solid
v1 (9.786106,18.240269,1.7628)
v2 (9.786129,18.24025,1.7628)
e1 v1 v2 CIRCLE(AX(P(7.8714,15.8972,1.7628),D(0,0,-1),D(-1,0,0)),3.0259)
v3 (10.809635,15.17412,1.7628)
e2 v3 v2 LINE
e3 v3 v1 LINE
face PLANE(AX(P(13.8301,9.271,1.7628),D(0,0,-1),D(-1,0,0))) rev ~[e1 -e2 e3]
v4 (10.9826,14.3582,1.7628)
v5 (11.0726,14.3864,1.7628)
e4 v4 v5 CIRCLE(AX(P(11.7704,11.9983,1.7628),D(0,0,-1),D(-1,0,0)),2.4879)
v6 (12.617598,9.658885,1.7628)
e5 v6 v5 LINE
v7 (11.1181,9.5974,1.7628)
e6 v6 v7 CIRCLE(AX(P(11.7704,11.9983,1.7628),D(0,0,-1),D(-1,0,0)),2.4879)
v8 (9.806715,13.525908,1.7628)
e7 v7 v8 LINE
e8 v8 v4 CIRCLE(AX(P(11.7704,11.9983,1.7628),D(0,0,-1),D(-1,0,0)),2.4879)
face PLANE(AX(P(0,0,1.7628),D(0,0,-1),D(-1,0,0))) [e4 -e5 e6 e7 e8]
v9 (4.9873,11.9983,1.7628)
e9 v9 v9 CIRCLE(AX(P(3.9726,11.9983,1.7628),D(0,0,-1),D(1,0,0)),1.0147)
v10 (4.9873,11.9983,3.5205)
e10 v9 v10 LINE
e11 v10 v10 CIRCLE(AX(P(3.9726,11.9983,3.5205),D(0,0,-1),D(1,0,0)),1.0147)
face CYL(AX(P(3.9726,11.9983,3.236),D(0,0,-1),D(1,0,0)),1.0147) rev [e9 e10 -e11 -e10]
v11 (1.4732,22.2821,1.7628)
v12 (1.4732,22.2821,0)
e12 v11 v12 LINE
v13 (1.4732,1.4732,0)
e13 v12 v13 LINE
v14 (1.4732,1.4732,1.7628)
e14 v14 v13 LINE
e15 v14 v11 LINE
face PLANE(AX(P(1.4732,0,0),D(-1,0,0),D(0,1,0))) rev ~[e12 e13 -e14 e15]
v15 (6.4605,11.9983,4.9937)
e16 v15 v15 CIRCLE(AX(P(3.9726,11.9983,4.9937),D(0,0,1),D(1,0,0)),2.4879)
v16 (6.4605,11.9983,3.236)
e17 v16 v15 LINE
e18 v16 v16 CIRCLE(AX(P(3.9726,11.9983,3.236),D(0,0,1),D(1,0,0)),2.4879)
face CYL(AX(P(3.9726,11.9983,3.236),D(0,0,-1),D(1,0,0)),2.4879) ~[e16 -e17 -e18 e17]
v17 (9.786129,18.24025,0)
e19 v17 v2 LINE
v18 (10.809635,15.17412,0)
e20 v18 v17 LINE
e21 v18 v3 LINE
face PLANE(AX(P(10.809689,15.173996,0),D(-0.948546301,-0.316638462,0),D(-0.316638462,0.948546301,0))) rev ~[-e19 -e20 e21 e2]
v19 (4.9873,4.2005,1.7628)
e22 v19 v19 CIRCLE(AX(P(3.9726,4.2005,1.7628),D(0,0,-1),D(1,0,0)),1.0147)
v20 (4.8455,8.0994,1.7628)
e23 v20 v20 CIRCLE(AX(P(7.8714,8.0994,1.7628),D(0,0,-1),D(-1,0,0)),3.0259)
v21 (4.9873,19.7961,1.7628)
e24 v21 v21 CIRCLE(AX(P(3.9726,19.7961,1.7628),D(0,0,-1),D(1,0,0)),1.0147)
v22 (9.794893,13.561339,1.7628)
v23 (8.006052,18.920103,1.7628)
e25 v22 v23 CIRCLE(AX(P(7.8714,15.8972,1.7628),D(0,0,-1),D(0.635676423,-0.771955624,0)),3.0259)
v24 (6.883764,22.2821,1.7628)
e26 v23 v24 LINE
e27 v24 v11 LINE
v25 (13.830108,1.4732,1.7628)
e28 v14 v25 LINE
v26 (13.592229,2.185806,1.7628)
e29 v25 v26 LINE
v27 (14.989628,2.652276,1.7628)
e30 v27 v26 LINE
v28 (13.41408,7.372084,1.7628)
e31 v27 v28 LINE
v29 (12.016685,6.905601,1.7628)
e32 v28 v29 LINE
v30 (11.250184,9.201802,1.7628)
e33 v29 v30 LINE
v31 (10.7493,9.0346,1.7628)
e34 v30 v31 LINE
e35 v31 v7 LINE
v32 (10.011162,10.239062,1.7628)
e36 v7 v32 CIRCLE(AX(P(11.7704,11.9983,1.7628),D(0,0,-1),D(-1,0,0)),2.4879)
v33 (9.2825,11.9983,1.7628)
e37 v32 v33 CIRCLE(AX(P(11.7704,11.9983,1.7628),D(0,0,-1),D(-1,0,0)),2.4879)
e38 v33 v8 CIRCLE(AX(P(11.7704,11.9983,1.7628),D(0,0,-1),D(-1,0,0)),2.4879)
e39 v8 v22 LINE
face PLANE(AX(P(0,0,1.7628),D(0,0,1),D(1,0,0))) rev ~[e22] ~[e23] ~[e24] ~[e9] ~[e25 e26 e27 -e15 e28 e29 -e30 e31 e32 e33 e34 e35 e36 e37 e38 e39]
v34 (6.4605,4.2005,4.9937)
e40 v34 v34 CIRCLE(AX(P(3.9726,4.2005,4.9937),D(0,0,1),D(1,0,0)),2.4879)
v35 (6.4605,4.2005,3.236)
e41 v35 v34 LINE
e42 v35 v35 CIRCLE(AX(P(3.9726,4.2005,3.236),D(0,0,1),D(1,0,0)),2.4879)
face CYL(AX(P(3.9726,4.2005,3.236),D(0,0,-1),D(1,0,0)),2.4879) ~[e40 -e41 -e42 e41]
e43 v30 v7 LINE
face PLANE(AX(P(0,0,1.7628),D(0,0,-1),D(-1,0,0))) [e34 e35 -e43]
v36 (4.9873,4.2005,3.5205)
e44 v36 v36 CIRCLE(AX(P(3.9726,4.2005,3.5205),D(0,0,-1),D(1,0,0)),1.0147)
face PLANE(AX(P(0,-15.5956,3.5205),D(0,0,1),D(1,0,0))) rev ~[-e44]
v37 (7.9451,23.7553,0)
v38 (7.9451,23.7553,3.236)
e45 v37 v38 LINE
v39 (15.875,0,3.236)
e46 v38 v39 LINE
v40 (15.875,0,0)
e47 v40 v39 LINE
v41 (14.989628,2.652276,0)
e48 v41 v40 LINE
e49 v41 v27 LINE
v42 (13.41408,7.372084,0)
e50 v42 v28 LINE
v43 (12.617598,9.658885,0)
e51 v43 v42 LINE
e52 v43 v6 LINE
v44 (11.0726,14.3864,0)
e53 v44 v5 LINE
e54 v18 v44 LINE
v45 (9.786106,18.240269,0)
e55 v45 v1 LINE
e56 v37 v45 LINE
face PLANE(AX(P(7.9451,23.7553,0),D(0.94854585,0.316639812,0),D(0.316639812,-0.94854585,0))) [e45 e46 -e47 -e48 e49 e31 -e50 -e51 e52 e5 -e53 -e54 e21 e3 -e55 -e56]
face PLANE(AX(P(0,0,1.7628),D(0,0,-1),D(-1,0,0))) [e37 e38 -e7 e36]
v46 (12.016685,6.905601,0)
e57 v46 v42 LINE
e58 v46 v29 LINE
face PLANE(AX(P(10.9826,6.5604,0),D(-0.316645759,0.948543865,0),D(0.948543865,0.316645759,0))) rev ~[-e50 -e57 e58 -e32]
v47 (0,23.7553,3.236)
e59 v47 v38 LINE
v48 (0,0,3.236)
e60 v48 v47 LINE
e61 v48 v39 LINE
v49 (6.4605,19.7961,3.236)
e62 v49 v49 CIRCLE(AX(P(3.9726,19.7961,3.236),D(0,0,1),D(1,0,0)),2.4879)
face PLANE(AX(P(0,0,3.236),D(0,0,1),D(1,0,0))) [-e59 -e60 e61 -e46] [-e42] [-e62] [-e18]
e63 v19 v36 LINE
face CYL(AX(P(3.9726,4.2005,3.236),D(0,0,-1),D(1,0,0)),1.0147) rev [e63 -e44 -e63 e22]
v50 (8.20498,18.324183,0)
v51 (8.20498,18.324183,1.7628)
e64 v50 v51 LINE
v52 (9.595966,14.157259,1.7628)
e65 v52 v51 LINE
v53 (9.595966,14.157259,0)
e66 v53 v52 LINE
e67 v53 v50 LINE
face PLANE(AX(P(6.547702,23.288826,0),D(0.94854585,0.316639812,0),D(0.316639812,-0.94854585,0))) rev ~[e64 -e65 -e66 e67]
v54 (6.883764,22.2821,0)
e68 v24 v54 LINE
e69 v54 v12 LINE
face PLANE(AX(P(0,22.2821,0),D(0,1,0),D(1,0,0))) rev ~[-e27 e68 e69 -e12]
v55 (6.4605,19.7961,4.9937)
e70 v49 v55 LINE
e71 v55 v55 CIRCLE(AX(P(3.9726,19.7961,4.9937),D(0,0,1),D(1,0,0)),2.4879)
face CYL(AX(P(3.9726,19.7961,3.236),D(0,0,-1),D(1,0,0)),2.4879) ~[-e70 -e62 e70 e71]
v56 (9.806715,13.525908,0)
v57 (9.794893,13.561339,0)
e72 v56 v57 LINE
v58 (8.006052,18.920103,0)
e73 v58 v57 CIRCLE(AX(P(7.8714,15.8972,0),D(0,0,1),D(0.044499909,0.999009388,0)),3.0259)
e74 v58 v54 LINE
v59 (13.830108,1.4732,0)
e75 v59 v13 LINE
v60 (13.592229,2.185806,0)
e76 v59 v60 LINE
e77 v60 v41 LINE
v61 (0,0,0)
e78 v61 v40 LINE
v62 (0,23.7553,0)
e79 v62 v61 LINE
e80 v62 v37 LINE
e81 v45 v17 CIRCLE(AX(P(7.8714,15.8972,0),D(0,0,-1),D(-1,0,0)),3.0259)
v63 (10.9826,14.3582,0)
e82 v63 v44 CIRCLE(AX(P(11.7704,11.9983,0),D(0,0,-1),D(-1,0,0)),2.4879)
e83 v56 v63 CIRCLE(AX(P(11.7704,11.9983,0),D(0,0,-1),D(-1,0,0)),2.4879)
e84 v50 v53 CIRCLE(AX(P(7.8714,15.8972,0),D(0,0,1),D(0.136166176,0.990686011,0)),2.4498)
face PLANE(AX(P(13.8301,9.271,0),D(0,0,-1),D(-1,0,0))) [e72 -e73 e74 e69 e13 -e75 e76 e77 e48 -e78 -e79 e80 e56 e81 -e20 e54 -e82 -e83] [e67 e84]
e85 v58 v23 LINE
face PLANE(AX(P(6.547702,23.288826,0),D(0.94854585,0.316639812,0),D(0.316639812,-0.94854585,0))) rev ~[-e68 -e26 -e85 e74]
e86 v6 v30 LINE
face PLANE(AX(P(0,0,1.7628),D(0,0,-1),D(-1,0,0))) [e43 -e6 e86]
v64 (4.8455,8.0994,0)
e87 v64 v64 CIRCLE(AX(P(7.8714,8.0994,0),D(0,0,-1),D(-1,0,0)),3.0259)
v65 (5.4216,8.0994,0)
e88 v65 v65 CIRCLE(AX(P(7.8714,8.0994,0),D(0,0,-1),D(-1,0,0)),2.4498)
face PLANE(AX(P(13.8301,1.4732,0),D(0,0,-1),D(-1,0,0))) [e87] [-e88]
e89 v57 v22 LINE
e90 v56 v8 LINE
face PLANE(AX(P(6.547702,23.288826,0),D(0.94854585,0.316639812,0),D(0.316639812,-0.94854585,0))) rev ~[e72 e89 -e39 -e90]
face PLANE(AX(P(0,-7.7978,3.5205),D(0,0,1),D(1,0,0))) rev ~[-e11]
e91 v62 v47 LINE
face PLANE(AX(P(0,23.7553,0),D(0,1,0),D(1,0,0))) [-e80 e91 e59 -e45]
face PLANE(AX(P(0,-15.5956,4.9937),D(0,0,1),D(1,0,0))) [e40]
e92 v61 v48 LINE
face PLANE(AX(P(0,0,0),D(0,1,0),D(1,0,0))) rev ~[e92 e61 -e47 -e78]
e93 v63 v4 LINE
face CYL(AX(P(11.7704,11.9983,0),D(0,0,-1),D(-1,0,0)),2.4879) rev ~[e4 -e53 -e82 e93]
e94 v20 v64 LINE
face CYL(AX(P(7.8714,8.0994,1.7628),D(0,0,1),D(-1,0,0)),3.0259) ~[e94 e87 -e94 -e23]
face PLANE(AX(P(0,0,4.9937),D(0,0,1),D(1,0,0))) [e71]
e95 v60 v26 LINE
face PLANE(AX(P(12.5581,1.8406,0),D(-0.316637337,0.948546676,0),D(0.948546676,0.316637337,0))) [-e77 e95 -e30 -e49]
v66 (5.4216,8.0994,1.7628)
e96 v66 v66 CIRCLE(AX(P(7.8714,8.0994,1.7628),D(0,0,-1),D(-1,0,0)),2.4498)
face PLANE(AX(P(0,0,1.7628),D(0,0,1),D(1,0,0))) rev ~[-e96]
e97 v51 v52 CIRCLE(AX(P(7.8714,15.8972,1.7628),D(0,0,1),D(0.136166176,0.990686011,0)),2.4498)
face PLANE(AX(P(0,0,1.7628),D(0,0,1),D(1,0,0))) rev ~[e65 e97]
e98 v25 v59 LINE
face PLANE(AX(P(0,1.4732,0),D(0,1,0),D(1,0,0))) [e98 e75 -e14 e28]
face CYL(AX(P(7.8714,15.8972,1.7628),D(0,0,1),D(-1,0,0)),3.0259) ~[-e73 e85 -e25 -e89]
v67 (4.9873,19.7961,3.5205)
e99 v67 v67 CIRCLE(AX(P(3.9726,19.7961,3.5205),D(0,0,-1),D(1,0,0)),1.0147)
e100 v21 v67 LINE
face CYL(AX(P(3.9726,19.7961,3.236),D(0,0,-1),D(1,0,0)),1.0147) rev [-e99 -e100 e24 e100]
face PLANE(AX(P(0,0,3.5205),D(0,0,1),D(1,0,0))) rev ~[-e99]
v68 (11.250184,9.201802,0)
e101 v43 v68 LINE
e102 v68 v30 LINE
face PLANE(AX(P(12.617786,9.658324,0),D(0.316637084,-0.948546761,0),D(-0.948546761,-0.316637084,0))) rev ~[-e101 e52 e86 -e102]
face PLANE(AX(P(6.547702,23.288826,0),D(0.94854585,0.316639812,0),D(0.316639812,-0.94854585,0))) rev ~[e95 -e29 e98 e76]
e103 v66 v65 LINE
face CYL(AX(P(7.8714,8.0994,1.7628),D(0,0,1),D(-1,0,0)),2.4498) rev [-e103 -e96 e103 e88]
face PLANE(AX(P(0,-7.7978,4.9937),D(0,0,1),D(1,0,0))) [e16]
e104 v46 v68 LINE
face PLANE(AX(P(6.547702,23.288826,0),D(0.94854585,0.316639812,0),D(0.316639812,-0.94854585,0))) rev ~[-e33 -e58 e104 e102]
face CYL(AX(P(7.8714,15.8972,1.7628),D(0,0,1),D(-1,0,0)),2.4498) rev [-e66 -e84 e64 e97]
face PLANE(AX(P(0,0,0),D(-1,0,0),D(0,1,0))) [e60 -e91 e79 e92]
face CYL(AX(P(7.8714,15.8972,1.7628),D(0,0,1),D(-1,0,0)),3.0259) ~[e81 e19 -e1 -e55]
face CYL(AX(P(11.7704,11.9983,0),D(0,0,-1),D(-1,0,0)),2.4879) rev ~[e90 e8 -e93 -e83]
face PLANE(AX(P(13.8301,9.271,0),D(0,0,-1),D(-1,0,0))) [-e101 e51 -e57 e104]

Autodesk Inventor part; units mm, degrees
ref_plane "YZ Plane" through (0, 0, 0) normal (1, 0, 0) x (0, 1, 0)
ref_plane "XZ Plane" through (0, 0, 0) normal (0, 1, 0) x (-1, 0, 0)
ref_plane "XY Plane" through (0, 0, 0) normal (0, 0, 1) x (1, 0, 0)
sketch "Sketch1" plane through (0, 0, 0) normal (0, 0, 1) x (1, 0, 0)
  line L0 (0, 0) -> (0, 23.7553)
  line L1 (0, 0) -> (15.875, 0)
  line L2 (0, 23.7553) -> (7.9451, 23.7553)
  line L3 (7.9451, 23.7553) -> (15.875, 0)
  line L4 (7.9451, 23.7553) -> (31.7005, 23.7553) construction
  line L5 (0, 23.7553) -> (0, 15.8369)
  line L6 (0, 0) -> (0, 7.9184)
  dimension "d0" = 23.7553
  dimension "d1" = 15.875
  dimension "d2" = 7.9451
  dimension "d10" = 7.9185
extrude "Extrusion2" add sketch "Sketch1" along normal blind 3.236
sketch "Sketch3" plane through (0, 0, 3.236) normal (0, 0, 1) x (1, 0, 0)
  line L0 (15.875, 0) -> (7.9451, 23.7553) projected
  line L1 (0, 0) -> (15.875, 0) projected
  line L2 (7.9451, 23.7553) -> (7.9451, 0)
  line L3 (7.9451, 23.7553) -> (0, 23.7553) projected
  line L4 (0, 23.7553) -> (0, 15.8369)
  line L5 (0, 23.7553) -> (0, 0) projected
  line L6 (0, 15.8369) -> (0, 7.9184)
  circle A0 centre (3.9726, 19.7961) radius 2.4879
  dimension "d17" = 4.9759
extrude "Extrusion3" add sketch "Sketch3" along normal blind 1.7577 contours A0
pattern_linear "Rectangular Pattern2" count 3 spacing 7.7978 along (0, -1, 0) of "Extrusion3"
shell "Shell1" thickness 1.4732 removed faces 1 at (7.94, 7.9185, 0)
sketch "Sketch5" plane through (13.8301, 1.4732, 1.7628) normal (0, 0, -1) x (-1, 0, 0)
  circle A0 centre (5.9587, 6.6262) radius 2.4498
  circle A1 centre (5.9587, 6.6262) radius 3.0259
  circle A2 centre (9.8576, 2.7273) radius 2.4879 construction
  circle A3 centre (9.8576, 10.5251) radius 2.4879 construction
  line L0 (9.8576, 10.5251) -> (2.0598, 10.5251) construction
  line L1 (2.0598, 10.5251) -> (2.0598, 2.7273) construction
  line L2 (2.0598, 2.7273) -> (9.8576, 2.7273) construction
  line L3 (9.8576, 2.7273) -> (9.8576, 10.5251) construction
  line L4 (9.8576, 10.5251) -> (2.0598, 2.7273) construction
  point P0 (13.8301, -1.4732)
  dimension "d39" = 7.7978
  dimension "d40" = 7.7978
  dimension "d41" = 4.8997
extrude "Extrusion4" add sketch "Sketch5" along normal up to surface (1.7628 mm away)
pattern_linear "Rectangular Pattern3" count 2 spacing 7.7978 along (0, 1, 0) of "Extrusion4"
sketch "Sketch6" plane through (0, 0, 0) normal (0, 0, -1) x (-1, 0, 0)
  circle A0 centre (-3.9726, 4.2005) radius 2.4879 projected
  line L0 (-3.9726, 4.2005) -> (-11.7704, 4.2005) construction
  arc A1 (-12.5581, 1.8406) -> (-10.9826, 6.5604) centre (-11.7704, 4.2005) ccw
  circle A2 centre (-7.8715, 8.0994) radius 3.0259 projected
  line L1 (-10.9826, 6.5604) -> (-20.4448, 9.7191)
  line L2 (-12.5581, 1.8406) -> (-25.2023, 6.0614)
  line L3 (-25.2023, 6.0614) -> (-20.4448, 9.7191)
  line L4 (-15.875, 0) -> (-10.8097, 15.174) projected
  point P0 (0, 0)
  dimension "d42" = 7.7978
extrude "Extrusion5" cut sketch "Sketch6" against normal up to surface (1.7628 mm away) contours A1 L2 L4 L1 | L2 L3 L1 L4
sketch "Sketch7" plane through (0, 0, 0) normal (0, 0, -1) x (-1, 0, 0)
  circle A0 centre (-3.9726, 11.9983) radius 2.4879 projected
  line L0 (-3.9726, 11.9983) -> (-11.7704, 11.9983) construction
  circle A1 centre (-11.7704, 11.9983) radius 2.4879
  circle A2 centre (-7.8715, 8.0994) radius 3.0259 projected
  line L1 (-13.4141, 7.3721) -> (-10.8097, 15.174) projected
  line L2 (-11.0726, 14.3864) -> (-8.7367, 21.384)
  line L3 (-8.7367, 21.384) -> (-11.249, 21.384)
  line L4 (-11.249, 21.384) -> (-14.0474, 13.0007)
  line L5 (-25.9039, 14.0934) -> (-10.7493, 9.0346)
  line L6 (-24.9299, 19.014) -> (-10.9826, 14.3582)
  line L7 (-24.9299, 19.014) -> (-25.9039, 14.0934)
  line L8 (-10.7493, 9.0346) -> (-11.1181, 9.5974)
  line L9 (-12.0167, 6.9056) -> (-9.7949, 13.5613) projected
  point P0 (0, 0)
  dimension "d45" = 7.7978
extrude "Extrusion6" cut sketch "Sketch7" against normal up to surface (1.7628 mm away) contours L1 A1 L9 | A1 L9 | L5 L9 L8 | L5 L7 L6 L4 A1 | A1 L1 | L9 L5 A1 | L4 L6 A1 | L6 L4 L3 L2 L1
properties part number "3x1 diagonal" material "ABS Plastic"
